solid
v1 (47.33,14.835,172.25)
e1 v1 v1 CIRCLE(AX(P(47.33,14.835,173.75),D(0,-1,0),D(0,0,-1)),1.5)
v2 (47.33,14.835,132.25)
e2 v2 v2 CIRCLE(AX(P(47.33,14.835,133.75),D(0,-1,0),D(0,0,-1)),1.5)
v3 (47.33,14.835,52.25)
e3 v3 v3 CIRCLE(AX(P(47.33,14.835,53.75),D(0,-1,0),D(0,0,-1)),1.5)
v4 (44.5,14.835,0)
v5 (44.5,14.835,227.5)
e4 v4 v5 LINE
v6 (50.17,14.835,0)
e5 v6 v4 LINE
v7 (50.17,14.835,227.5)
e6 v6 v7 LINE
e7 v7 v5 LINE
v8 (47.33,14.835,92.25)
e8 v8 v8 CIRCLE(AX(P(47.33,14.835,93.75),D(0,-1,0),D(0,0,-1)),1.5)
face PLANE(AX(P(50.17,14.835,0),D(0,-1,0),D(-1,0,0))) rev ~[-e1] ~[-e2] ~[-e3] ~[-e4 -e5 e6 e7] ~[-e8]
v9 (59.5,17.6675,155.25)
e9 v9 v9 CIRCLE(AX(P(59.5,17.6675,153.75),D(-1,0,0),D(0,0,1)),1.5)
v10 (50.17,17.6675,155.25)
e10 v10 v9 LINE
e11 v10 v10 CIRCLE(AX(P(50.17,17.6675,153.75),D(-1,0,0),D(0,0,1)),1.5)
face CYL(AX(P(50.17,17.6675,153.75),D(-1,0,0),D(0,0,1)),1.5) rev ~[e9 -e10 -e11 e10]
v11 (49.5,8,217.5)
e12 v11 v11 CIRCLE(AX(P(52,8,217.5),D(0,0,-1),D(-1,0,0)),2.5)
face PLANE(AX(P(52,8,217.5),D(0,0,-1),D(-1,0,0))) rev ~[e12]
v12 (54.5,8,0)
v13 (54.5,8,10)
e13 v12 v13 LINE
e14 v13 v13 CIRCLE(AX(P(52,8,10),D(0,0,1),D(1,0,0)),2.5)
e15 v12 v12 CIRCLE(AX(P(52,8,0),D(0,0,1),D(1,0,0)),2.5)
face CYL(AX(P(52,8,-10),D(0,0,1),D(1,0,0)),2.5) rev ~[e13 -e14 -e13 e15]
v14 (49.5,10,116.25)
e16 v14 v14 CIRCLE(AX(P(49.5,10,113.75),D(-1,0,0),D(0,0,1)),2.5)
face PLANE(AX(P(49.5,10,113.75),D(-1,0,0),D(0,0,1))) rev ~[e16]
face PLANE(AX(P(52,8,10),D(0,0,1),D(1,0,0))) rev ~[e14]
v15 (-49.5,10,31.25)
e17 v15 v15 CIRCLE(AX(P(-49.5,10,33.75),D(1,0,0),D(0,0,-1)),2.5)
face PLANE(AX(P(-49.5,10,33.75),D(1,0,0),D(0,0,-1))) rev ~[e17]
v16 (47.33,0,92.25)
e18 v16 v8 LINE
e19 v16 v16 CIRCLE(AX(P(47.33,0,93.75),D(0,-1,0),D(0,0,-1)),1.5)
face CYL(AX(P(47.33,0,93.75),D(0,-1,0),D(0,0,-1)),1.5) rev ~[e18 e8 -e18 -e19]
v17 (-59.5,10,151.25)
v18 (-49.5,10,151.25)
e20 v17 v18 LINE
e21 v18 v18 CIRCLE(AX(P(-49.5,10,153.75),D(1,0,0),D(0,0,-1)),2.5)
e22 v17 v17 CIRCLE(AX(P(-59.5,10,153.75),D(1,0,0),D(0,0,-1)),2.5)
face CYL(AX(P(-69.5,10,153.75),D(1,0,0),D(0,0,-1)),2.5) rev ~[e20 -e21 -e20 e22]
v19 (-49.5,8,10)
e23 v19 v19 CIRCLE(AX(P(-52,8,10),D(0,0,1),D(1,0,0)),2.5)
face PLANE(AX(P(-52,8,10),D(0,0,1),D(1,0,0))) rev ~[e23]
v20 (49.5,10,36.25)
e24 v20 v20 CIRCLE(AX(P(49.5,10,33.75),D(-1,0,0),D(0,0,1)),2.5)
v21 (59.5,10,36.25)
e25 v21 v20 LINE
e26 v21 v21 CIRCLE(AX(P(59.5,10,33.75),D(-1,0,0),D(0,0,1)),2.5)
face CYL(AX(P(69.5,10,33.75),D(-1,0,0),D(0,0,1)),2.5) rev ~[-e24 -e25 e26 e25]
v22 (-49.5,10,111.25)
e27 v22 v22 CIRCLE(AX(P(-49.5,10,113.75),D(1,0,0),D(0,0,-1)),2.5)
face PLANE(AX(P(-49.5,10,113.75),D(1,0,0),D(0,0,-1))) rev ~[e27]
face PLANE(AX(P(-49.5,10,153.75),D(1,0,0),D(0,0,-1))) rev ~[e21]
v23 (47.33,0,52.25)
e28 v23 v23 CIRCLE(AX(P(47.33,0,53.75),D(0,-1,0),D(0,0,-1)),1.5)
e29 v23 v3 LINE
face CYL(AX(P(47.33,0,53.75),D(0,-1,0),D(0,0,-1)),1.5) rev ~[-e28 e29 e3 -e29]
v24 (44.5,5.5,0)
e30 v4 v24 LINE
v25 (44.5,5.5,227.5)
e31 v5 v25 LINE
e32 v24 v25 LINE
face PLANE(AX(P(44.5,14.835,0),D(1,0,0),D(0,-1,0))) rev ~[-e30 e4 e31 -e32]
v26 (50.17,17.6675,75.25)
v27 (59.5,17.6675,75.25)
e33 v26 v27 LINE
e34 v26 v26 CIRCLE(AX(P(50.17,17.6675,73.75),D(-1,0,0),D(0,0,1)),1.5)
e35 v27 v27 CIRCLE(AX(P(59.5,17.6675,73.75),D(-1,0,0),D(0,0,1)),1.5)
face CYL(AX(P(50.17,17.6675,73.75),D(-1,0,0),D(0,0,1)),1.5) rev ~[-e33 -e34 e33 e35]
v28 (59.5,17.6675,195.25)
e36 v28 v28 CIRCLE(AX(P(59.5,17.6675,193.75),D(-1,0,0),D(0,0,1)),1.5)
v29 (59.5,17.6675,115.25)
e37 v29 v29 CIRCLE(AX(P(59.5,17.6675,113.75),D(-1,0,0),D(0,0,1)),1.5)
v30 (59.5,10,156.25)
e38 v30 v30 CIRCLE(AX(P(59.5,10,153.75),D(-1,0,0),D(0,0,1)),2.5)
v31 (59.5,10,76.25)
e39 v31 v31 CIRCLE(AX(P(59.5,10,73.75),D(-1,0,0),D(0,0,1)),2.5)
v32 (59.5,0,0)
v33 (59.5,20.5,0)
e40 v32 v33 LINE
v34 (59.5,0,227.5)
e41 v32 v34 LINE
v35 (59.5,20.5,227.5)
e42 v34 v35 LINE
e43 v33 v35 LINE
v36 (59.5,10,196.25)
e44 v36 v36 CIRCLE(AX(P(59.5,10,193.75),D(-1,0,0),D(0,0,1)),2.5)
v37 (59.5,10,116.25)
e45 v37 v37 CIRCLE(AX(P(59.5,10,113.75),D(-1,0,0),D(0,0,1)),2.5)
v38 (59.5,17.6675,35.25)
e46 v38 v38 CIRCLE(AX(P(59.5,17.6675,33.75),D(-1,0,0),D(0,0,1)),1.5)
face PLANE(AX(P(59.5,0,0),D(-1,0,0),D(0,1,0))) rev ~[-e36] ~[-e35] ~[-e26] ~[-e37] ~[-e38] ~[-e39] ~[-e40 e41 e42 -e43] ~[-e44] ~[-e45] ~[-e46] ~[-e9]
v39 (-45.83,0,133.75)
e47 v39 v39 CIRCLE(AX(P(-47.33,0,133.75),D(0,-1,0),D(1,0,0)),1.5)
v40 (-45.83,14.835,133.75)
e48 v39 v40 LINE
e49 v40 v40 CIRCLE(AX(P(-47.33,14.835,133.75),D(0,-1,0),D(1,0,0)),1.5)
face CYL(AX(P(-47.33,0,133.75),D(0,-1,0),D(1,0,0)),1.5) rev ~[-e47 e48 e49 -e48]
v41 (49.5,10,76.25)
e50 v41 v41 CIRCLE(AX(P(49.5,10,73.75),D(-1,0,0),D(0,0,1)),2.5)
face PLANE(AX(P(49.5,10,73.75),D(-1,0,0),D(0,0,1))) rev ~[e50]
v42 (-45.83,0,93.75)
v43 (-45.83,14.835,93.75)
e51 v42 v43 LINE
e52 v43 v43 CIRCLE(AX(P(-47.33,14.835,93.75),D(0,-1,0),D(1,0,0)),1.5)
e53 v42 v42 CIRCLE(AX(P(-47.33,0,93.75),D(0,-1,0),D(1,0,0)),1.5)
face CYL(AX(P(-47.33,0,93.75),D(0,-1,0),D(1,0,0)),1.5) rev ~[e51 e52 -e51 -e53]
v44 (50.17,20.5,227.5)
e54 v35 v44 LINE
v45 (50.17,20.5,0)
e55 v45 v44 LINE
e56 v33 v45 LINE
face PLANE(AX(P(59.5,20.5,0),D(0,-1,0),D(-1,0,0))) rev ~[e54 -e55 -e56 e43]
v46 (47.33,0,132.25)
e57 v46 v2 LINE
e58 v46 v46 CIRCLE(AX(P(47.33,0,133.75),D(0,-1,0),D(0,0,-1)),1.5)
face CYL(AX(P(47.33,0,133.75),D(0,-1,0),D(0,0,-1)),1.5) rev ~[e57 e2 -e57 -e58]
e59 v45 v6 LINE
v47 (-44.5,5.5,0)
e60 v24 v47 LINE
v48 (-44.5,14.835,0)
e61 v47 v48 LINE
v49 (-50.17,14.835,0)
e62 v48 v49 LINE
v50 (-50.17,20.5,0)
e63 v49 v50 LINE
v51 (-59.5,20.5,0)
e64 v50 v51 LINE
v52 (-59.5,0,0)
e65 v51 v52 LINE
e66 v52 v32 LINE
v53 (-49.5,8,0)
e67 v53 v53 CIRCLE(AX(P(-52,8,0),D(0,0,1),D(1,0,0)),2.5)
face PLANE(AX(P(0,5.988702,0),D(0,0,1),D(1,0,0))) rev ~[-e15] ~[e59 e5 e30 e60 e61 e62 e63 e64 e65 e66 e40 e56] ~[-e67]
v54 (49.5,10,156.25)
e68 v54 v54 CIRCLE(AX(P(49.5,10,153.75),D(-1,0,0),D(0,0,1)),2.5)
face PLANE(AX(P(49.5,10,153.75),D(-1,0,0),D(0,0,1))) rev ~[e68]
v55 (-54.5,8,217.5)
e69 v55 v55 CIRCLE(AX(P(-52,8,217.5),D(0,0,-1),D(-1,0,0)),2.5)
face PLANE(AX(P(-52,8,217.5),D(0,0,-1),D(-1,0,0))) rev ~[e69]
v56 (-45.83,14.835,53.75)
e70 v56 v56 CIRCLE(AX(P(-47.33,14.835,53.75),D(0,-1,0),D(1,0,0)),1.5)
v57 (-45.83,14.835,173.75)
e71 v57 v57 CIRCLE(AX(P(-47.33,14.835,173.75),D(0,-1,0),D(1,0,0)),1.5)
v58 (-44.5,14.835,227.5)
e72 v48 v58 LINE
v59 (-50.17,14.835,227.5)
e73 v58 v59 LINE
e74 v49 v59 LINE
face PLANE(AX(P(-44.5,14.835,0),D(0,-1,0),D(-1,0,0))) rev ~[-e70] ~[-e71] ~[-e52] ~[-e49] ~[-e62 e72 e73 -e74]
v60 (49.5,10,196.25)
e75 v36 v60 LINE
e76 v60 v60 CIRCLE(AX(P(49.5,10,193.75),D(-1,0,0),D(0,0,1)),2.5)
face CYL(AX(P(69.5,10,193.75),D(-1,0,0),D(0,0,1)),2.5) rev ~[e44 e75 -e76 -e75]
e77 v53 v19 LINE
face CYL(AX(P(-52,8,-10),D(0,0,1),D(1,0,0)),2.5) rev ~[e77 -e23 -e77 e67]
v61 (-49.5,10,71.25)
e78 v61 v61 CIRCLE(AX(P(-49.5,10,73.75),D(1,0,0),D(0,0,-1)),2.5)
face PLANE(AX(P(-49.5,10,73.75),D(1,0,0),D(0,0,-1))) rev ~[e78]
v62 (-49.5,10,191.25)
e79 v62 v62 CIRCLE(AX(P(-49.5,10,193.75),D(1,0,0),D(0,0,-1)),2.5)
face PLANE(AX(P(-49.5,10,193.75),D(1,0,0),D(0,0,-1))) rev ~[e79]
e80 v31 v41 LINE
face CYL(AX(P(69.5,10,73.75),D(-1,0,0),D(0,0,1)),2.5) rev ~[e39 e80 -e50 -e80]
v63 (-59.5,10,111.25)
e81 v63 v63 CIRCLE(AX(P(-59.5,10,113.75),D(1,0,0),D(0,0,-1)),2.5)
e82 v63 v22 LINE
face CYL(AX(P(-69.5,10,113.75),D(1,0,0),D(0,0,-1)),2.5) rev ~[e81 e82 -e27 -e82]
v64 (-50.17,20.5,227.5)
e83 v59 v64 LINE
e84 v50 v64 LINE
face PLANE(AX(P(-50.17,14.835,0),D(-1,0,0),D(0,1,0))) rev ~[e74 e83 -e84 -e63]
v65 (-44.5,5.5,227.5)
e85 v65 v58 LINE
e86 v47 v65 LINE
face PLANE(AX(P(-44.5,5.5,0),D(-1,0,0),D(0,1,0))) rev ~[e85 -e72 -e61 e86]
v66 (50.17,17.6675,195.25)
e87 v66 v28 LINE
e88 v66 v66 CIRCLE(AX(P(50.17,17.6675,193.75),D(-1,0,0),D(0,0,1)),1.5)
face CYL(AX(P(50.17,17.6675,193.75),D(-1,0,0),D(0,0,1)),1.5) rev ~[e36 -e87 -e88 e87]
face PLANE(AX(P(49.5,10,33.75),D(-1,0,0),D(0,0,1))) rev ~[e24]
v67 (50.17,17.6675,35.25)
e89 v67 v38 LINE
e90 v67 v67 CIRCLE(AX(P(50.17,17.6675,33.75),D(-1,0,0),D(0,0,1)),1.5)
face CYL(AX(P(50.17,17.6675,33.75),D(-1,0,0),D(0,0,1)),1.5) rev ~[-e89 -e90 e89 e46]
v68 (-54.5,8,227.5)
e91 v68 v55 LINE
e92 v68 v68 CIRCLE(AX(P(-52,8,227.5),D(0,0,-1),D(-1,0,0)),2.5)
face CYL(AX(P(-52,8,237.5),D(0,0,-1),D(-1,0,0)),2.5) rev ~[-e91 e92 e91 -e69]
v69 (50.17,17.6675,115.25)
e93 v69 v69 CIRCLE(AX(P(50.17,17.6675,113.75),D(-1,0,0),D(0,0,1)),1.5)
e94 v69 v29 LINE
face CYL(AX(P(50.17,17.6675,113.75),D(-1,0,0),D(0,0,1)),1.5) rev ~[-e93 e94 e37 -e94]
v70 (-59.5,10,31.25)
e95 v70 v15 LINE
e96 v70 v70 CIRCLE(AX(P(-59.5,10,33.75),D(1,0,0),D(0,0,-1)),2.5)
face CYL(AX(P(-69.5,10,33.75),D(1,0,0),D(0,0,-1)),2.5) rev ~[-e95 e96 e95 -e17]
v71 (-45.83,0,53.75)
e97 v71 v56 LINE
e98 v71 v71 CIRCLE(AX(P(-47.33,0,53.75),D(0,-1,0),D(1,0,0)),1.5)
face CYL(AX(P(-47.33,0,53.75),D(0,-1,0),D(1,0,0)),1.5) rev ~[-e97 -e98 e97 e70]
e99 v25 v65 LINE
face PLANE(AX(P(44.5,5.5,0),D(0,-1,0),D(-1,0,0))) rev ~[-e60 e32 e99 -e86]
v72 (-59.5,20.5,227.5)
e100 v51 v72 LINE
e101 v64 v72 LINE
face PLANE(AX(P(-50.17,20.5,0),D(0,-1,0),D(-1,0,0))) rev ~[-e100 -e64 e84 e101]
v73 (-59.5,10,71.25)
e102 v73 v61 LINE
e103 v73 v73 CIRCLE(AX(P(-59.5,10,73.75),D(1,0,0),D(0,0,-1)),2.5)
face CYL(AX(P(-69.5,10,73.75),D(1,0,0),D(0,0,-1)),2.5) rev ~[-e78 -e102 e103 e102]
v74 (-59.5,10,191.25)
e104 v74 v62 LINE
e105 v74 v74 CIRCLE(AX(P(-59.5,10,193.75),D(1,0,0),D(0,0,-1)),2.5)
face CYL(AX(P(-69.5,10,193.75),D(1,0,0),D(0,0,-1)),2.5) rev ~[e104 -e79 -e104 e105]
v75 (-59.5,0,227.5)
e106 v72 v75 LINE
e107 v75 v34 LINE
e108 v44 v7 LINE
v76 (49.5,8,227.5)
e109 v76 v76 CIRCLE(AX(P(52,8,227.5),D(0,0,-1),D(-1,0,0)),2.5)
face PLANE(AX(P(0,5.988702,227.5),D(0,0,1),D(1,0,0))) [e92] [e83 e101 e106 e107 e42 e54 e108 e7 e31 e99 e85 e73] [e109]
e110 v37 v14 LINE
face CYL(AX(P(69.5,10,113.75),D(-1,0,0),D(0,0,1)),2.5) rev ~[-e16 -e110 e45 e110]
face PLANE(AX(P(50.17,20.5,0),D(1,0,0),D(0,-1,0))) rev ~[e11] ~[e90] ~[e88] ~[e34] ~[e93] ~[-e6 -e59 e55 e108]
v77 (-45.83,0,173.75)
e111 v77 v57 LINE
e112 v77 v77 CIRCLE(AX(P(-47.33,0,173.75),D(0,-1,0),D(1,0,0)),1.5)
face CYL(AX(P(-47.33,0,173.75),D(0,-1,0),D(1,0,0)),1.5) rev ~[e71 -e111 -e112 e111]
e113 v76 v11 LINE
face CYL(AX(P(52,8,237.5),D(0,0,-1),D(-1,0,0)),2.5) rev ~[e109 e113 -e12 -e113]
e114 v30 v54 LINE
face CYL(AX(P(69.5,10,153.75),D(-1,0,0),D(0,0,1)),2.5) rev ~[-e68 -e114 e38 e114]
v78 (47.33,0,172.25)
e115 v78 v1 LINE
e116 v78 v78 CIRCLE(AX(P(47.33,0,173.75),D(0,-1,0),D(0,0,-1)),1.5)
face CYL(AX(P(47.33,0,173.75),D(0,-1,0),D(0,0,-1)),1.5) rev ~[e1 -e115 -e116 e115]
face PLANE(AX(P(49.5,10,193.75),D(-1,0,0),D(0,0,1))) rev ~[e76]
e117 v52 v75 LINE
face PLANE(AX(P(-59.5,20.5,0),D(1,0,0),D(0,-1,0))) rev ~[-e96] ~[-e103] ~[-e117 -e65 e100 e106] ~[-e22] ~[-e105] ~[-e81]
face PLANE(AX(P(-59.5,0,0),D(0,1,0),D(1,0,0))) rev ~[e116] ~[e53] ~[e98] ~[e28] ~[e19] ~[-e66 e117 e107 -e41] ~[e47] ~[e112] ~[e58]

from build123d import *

# Parameters (mm, degrees)
BOSS_EXTRUDE1_DEPTH             = 227.5
TAP_DRILL_FOR_M5X0_8_TAP1_D     = 5
TAP_DRILL_FOR_M5X0_8_TAP1_DEPTH = 10
TAP_DRILL_FOR_M5X0_8_TAP2_D     = 5
TAP_DRILL_FOR_M5X0_8_TAP2_DEPTH = 10
TAP_DRILL_FOR_M5X0_8_TAP3_D     = 5
TAP_DRILL_FOR_M5X0_8_TAP3_DEPTH = 10
TAP_DRILL_FOR_M5X0_8_TAP4_D     = 5
TAP_DRILL_FOR_M5X0_8_TAP4_DEPTH = 10
SKETCH11_R                      = 1.5
CUT_EXTRUDE1_DEPTH              = 29
SKETCH13_R                      = 1.5
CUT_EXTRUDE2_DEPTH              = 29


with BuildPart() as part:
    # Sketch1 → Boss-Extrude1 (new body)
    with BuildSketch(Plane.XY):
        Polygon((44.5, 5.5), (-44.5, 5.5), (-44.5, 14.835), (-50.17, 14.835), (-50.17, 20.5), (-59.5, 20.5), (-59.5, 0), (59.5, 0), (59.5, 20.5), (50.17, 20.5), (50.17, 14.835), (44.5, 14.835), align=None)
    extrude(amount=BOSS_EXTRUDE1_DEPTH)

    # Tap Drill for M5x0.8 Tap1
    with Locations(Plane.XY.offset(227.5)):
        with Locations((52, 8), (-52, 8)):
            Hole(TAP_DRILL_FOR_M5X0_8_TAP1_D / 2, depth=TAP_DRILL_FOR_M5X0_8_TAP1_DEPTH)

    # Tap Drill for M5x0.8 Tap2
    with Locations(Plane(origin=(0, 0, 0), x_dir=(-1, 0, 0), z_dir=(0, 0, -1))):
        with Locations((52, 8), (-52, 8)):
            Hole(TAP_DRILL_FOR_M5X0_8_TAP2_D / 2, depth=TAP_DRILL_FOR_M5X0_8_TAP2_DEPTH)

    # Tap Drill for M5x0.8 Tap3
    with Locations(Plane(origin=(59.5, 0, 0), x_dir=(0, 0, -1), z_dir=(1, 0, 0))):
        with Locations((-193.75, 10), (-153.75, 10), (-113.75, 10), (-73.75, 10), (-33.75, 10)):
            Hole(TAP_DRILL_FOR_M5X0_8_TAP3_D / 2, depth=TAP_DRILL_FOR_M5X0_8_TAP3_DEPTH)

    # Tap Drill for M5x0.8 Tap4
    with Locations(Plane.ZY.offset(59.5)):
        with Locations((193.75, 10), (153.75, 10), (113.75, 10), (73.75, 10), (33.75, 10)):
            Hole(TAP_DRILL_FOR_M5X0_8_TAP4_D / 2, depth=TAP_DRILL_FOR_M5X0_8_TAP4_DEPTH)

    # Sketch11 → Cut-Extrude1 (cut)
    with BuildSketch(Plane.XZ):
        with Locations((-47.33, 173.75)):
            Circle(SKETCH11_R)
        with Locations((-47.33, 133.75)):
            Circle(SKETCH11_R)
        with Locations((-47.33, 93.75)):
            Circle(SKETCH11_R)
        with Locations((-47.33, 53.75)):
            Circle(SKETCH11_R)
        with Locations(Location((47.33, 53.75, 0), (0, 0, 270))):
            Circle(SKETCH11_R)
        with Locations(Location((47.33, 93.75, 0), (0, 0, 270))):
            Circle(SKETCH11_R)
        with Locations(Location((47.33, 133.75, 0), (0, 0, 270))):
            Circle(SKETCH11_R)
        with Locations(Location((47.33, 173.75, 0), (0, 0, 270))):
            Circle(SKETCH11_R)
    extrude(amount=-CUT_EXTRUDE1_DEPTH, mode=Mode.SUBTRACT)

    # Sketch13 → Cut-Extrude2 (cut)
    with BuildSketch(Plane.ZY.offset(-50.17)):
        with Locations((193.75, 17.6675)):
            Circle(SKETCH13_R)
        with Locations((153.75, 17.6675)):
            Circle(SKETCH13_R)
        with Locations((113.75, 17.6675)):
            Circle(SKETCH13_R)
        with Locations((73.75, 17.6675)):
            Circle(SKETCH13_R)
        with Locations((33.75, 17.6675)):
            Circle(SKETCH13_R)
    extrude(amount=-CUT_EXTRUDE2_DEPTH, mode=Mode.SUBTRACT)


solid = part.part
